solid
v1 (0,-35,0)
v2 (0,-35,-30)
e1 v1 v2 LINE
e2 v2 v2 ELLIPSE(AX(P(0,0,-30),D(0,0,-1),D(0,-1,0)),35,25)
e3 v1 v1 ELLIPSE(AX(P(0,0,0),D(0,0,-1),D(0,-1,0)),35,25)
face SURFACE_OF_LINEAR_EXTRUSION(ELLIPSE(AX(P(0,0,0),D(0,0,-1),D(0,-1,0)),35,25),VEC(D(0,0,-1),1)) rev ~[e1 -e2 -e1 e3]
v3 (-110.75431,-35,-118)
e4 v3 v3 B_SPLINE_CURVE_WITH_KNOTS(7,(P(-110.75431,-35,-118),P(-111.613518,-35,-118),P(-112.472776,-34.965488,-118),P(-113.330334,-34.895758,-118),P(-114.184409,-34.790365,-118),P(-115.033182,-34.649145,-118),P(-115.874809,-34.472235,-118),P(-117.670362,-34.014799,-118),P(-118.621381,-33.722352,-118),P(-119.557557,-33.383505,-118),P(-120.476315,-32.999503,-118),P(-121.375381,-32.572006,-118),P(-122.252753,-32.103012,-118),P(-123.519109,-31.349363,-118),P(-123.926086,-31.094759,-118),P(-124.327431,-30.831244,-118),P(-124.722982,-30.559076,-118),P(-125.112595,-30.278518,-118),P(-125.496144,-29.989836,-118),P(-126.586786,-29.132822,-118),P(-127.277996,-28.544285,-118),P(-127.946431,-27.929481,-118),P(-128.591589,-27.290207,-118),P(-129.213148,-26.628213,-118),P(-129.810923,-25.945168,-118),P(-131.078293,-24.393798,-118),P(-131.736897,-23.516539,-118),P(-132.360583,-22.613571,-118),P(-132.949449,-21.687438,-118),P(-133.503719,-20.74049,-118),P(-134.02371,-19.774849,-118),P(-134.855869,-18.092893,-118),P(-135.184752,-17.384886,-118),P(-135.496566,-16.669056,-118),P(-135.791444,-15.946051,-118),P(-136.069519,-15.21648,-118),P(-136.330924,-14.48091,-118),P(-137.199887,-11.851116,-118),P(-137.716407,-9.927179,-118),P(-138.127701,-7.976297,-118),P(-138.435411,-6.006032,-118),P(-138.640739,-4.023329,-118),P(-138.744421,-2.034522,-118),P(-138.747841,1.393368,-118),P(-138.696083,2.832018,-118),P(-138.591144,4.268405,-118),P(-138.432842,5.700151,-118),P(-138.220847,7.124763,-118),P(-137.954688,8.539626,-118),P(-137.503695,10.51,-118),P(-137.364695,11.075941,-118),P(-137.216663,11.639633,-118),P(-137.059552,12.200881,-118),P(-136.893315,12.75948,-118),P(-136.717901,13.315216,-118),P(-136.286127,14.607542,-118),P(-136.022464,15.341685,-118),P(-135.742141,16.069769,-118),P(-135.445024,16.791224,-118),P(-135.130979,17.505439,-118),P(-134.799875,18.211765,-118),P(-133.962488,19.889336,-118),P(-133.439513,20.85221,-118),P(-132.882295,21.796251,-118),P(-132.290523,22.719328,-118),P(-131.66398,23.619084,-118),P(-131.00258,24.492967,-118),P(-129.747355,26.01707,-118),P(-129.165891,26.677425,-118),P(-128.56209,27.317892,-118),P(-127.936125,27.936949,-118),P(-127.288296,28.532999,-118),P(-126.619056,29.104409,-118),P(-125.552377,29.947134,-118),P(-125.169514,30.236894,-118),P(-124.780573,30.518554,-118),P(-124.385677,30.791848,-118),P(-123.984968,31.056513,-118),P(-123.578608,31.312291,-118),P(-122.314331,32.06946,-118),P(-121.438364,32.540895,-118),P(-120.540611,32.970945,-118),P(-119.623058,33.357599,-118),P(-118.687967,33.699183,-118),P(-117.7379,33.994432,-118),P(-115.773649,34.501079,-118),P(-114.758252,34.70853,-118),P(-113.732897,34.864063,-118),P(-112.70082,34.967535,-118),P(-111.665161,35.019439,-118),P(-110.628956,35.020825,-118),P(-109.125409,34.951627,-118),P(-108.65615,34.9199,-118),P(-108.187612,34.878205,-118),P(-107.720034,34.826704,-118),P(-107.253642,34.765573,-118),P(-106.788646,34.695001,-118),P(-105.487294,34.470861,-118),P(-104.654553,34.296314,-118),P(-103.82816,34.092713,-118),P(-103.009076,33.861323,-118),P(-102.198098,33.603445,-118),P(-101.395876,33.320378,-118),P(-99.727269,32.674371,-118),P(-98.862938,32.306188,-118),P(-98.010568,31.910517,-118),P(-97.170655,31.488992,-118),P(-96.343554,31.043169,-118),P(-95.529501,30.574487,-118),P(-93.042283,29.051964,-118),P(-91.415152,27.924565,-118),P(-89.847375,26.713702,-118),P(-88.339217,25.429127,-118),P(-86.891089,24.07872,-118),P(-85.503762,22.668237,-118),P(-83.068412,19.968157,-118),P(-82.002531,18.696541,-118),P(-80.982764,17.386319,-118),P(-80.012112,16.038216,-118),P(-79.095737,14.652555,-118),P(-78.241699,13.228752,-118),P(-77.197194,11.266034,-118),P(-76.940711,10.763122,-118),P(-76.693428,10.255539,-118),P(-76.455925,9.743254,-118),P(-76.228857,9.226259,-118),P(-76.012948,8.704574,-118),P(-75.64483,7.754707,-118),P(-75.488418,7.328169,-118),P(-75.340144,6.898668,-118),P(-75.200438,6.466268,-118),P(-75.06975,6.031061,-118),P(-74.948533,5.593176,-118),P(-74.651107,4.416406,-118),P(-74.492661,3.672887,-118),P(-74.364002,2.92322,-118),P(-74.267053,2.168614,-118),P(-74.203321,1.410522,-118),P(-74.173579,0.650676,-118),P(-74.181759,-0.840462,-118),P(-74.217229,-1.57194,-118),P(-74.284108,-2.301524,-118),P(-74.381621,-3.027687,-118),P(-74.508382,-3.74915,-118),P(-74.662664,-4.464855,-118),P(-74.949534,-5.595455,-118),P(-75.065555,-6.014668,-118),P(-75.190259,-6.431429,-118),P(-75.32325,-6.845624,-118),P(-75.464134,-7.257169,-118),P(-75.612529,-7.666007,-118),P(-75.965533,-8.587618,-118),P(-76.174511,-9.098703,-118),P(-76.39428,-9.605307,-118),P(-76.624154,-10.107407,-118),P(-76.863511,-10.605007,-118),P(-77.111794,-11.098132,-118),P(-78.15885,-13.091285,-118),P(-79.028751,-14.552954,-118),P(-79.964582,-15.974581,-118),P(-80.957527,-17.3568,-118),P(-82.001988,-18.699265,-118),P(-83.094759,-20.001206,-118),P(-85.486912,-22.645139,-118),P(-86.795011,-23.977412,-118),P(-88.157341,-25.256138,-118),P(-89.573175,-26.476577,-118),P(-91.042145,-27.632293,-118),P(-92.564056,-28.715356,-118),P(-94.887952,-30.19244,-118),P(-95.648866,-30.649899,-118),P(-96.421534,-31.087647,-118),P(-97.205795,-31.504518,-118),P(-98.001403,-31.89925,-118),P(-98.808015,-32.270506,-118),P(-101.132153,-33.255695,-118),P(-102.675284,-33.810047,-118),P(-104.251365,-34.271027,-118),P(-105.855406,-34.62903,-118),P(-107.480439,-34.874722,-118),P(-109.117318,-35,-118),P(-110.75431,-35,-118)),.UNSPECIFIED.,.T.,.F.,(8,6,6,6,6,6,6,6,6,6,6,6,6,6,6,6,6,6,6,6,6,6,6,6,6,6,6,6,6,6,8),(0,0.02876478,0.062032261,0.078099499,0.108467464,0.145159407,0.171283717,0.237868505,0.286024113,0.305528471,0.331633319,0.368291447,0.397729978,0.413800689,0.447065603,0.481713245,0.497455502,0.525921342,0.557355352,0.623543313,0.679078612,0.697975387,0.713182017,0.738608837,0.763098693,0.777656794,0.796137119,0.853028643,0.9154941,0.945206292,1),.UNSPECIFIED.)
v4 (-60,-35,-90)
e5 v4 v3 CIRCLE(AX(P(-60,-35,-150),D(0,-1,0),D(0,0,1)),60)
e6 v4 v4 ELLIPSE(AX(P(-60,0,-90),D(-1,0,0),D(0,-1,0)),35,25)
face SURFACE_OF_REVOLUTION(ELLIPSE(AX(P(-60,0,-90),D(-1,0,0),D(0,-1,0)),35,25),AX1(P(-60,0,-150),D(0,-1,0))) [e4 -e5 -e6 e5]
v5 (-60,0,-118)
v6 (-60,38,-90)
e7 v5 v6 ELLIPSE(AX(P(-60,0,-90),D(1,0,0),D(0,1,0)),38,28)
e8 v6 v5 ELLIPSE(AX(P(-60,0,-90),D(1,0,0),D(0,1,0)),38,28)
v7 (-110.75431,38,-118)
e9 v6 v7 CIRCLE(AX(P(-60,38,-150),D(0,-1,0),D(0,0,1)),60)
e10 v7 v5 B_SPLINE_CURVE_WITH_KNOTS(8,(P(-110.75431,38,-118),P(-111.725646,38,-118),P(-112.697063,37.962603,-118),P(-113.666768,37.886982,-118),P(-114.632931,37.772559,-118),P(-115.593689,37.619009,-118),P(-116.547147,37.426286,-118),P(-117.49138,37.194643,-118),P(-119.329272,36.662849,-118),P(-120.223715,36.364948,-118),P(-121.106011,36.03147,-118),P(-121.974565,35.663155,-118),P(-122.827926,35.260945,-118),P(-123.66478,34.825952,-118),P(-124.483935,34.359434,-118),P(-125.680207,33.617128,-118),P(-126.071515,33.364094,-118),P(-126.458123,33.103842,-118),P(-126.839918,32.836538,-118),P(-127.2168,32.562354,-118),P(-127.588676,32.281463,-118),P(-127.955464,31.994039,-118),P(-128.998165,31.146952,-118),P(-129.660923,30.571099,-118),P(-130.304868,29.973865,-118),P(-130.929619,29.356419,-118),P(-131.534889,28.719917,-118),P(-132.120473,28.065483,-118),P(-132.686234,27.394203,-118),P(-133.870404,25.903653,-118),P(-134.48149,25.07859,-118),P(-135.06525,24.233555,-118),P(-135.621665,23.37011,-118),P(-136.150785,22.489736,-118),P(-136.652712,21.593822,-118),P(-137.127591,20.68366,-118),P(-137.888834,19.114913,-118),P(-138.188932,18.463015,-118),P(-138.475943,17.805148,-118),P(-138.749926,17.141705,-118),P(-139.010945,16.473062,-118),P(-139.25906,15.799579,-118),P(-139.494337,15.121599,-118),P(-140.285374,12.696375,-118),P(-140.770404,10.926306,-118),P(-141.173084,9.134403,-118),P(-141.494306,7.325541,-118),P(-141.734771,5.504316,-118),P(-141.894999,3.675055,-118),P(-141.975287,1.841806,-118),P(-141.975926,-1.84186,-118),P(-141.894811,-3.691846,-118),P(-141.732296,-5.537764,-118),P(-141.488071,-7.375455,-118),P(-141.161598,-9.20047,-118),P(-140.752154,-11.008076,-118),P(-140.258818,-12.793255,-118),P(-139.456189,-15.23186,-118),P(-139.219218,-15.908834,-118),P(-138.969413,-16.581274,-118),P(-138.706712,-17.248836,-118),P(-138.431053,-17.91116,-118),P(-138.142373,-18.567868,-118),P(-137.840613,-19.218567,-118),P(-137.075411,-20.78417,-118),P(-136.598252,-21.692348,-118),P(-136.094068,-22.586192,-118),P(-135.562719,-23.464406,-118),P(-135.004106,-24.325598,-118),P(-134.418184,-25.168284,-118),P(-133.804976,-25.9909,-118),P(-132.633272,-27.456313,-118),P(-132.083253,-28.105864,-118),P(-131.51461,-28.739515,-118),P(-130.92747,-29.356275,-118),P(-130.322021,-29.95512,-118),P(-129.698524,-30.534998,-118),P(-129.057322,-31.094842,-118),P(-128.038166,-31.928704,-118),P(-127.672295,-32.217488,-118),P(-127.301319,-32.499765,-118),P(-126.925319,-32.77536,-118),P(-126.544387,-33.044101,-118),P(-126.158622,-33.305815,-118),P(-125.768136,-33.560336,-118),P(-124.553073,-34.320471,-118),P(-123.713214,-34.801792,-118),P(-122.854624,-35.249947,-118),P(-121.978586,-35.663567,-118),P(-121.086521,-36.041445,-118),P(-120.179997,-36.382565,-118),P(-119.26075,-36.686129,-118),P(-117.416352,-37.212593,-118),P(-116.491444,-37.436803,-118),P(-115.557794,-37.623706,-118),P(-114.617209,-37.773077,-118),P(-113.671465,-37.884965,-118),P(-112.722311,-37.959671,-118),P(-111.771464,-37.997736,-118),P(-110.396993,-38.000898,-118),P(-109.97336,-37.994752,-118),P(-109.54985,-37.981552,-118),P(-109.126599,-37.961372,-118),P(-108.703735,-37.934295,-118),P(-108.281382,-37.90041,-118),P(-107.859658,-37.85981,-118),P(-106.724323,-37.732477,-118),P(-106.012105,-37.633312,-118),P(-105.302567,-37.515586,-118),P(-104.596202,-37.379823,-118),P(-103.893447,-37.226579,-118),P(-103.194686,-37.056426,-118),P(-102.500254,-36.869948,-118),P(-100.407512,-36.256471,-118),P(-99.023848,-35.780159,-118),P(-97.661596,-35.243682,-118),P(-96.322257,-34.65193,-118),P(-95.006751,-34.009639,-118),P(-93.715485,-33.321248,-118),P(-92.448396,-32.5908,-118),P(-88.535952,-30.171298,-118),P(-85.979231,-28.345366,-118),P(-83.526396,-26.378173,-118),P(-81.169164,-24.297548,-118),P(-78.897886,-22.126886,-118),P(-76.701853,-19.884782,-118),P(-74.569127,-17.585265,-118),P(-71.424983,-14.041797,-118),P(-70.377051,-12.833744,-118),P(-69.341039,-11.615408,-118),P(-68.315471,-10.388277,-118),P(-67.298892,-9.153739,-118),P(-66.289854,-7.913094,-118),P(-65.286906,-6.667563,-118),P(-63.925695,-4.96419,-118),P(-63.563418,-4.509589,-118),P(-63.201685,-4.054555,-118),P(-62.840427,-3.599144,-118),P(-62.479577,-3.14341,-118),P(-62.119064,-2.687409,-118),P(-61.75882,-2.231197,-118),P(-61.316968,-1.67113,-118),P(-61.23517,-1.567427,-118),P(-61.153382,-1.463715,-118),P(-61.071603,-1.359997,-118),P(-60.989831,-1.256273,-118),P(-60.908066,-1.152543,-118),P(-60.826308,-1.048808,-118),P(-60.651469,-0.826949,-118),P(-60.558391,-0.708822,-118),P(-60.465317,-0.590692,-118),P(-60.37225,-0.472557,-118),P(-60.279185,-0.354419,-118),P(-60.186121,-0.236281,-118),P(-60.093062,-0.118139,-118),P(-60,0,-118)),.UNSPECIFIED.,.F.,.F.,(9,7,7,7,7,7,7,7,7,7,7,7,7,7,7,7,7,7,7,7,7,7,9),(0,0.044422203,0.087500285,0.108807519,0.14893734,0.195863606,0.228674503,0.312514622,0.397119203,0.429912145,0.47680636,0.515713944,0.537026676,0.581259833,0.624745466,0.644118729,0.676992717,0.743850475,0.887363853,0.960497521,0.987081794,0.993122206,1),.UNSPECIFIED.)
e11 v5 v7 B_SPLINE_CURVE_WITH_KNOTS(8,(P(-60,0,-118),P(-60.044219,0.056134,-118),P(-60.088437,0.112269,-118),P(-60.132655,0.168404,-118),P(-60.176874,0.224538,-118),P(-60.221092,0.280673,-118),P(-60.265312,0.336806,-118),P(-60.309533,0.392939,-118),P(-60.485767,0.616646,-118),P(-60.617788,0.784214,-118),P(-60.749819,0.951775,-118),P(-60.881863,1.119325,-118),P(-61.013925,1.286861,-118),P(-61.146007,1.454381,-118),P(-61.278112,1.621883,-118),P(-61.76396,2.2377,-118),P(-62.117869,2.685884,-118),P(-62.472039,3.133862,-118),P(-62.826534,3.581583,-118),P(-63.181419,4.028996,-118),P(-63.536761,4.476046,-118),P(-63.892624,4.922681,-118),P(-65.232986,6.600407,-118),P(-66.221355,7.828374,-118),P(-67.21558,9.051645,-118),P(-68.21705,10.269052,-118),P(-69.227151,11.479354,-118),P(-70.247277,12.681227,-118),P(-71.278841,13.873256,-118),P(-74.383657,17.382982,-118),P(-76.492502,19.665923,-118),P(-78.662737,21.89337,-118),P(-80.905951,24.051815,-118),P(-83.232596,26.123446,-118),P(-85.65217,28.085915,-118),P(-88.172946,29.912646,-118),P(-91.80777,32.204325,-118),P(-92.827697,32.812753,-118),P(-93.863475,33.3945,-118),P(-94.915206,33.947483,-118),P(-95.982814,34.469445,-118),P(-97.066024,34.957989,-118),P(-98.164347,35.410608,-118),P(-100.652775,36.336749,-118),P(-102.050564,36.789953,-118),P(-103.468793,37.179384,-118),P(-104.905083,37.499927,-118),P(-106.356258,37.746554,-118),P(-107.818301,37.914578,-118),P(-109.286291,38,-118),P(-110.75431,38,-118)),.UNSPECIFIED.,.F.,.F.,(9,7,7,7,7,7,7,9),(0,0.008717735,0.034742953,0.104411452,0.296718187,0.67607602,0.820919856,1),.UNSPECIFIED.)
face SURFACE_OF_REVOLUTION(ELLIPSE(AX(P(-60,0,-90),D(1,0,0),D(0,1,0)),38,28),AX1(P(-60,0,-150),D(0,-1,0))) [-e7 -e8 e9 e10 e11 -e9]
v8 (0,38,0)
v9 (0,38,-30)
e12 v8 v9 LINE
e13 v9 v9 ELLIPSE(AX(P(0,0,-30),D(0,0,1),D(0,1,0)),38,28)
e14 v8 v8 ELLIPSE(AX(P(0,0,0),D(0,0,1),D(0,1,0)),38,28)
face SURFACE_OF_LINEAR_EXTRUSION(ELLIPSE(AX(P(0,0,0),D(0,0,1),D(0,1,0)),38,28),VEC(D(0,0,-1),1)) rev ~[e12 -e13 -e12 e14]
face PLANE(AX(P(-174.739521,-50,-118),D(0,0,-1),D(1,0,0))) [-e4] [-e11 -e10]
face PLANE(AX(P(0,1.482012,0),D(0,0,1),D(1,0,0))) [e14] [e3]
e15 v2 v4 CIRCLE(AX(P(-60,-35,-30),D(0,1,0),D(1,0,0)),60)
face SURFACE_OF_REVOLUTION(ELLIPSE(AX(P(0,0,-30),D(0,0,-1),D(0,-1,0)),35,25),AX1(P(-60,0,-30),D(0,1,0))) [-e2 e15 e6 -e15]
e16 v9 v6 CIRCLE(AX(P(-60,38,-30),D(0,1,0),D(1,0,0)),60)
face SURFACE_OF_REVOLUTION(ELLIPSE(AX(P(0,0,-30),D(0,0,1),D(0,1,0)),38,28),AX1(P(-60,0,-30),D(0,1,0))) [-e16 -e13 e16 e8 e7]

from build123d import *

# Parameters (mm, degrees)
CROQUIS2_RX                = 38
CROQUIS2_RY                = 28
CROQUIS2_RX_2              = 35
CROQUIS2_RY_2              = 25
CORTAR_EXTRUIR1_DEPTH      = 50
CORTAR_EXTRUIR1_DEPTH_BACK = 50
CROQUIS21_W                = 114.739521271
CROQUIS21_H                = 36.181021707


with BuildPart() as part:
    # Barrer6: sweep along a path in Croquis3
    with BuildLine(Plane(origin=(0, 0, 0), x_dir=(1, 0, 0), z_dir=(0, 1, 0))) as barrer6_path:
        Line((0, 0), (0, 30))
        ThreePointArc((0, 30), (-17.573593129, 72.426406871), (-60, 90))
        ThreePointArc((-60, 90), (-102.426406871, 107.573593129), (-120, 150))
    # Croquis2 → Barrer6 (sweep)
    with BuildSketch(Plane.XY):
        with Locations(Location((0, 0), (0, 0, 90))):
            Ellipse(CROQUIS2_RX, CROQUIS2_RY)
        with Locations(Location((0, 0), (0, 0, -90))):
            Ellipse(CROQUIS2_RX_2, CROQUIS2_RY_2, mode=Mode.SUBTRACT)
    sweep(path=barrer6_path.line)

    # Croquis21 → Cortar-Extruir1 (cut, two sides: drawn at the far end of the back side and taken through both)
    with BuildSketch(Plane(origin=(0, 0, 0), x_dir=(1, 0, 0), z_dir=(0, 1, 0)).offset(-CORTAR_EXTRUIR1_DEPTH_BACK)):
        with Locations((-117.369760636, 136.090510854)):
            Rectangle(CROQUIS21_W, CROQUIS21_H)
    extrude(amount=CORTAR_EXTRUIR1_DEPTH + CORTAR_EXTRUIR1_DEPTH_BACK, mode=Mode.SUBTRACT)


solid = part.part
